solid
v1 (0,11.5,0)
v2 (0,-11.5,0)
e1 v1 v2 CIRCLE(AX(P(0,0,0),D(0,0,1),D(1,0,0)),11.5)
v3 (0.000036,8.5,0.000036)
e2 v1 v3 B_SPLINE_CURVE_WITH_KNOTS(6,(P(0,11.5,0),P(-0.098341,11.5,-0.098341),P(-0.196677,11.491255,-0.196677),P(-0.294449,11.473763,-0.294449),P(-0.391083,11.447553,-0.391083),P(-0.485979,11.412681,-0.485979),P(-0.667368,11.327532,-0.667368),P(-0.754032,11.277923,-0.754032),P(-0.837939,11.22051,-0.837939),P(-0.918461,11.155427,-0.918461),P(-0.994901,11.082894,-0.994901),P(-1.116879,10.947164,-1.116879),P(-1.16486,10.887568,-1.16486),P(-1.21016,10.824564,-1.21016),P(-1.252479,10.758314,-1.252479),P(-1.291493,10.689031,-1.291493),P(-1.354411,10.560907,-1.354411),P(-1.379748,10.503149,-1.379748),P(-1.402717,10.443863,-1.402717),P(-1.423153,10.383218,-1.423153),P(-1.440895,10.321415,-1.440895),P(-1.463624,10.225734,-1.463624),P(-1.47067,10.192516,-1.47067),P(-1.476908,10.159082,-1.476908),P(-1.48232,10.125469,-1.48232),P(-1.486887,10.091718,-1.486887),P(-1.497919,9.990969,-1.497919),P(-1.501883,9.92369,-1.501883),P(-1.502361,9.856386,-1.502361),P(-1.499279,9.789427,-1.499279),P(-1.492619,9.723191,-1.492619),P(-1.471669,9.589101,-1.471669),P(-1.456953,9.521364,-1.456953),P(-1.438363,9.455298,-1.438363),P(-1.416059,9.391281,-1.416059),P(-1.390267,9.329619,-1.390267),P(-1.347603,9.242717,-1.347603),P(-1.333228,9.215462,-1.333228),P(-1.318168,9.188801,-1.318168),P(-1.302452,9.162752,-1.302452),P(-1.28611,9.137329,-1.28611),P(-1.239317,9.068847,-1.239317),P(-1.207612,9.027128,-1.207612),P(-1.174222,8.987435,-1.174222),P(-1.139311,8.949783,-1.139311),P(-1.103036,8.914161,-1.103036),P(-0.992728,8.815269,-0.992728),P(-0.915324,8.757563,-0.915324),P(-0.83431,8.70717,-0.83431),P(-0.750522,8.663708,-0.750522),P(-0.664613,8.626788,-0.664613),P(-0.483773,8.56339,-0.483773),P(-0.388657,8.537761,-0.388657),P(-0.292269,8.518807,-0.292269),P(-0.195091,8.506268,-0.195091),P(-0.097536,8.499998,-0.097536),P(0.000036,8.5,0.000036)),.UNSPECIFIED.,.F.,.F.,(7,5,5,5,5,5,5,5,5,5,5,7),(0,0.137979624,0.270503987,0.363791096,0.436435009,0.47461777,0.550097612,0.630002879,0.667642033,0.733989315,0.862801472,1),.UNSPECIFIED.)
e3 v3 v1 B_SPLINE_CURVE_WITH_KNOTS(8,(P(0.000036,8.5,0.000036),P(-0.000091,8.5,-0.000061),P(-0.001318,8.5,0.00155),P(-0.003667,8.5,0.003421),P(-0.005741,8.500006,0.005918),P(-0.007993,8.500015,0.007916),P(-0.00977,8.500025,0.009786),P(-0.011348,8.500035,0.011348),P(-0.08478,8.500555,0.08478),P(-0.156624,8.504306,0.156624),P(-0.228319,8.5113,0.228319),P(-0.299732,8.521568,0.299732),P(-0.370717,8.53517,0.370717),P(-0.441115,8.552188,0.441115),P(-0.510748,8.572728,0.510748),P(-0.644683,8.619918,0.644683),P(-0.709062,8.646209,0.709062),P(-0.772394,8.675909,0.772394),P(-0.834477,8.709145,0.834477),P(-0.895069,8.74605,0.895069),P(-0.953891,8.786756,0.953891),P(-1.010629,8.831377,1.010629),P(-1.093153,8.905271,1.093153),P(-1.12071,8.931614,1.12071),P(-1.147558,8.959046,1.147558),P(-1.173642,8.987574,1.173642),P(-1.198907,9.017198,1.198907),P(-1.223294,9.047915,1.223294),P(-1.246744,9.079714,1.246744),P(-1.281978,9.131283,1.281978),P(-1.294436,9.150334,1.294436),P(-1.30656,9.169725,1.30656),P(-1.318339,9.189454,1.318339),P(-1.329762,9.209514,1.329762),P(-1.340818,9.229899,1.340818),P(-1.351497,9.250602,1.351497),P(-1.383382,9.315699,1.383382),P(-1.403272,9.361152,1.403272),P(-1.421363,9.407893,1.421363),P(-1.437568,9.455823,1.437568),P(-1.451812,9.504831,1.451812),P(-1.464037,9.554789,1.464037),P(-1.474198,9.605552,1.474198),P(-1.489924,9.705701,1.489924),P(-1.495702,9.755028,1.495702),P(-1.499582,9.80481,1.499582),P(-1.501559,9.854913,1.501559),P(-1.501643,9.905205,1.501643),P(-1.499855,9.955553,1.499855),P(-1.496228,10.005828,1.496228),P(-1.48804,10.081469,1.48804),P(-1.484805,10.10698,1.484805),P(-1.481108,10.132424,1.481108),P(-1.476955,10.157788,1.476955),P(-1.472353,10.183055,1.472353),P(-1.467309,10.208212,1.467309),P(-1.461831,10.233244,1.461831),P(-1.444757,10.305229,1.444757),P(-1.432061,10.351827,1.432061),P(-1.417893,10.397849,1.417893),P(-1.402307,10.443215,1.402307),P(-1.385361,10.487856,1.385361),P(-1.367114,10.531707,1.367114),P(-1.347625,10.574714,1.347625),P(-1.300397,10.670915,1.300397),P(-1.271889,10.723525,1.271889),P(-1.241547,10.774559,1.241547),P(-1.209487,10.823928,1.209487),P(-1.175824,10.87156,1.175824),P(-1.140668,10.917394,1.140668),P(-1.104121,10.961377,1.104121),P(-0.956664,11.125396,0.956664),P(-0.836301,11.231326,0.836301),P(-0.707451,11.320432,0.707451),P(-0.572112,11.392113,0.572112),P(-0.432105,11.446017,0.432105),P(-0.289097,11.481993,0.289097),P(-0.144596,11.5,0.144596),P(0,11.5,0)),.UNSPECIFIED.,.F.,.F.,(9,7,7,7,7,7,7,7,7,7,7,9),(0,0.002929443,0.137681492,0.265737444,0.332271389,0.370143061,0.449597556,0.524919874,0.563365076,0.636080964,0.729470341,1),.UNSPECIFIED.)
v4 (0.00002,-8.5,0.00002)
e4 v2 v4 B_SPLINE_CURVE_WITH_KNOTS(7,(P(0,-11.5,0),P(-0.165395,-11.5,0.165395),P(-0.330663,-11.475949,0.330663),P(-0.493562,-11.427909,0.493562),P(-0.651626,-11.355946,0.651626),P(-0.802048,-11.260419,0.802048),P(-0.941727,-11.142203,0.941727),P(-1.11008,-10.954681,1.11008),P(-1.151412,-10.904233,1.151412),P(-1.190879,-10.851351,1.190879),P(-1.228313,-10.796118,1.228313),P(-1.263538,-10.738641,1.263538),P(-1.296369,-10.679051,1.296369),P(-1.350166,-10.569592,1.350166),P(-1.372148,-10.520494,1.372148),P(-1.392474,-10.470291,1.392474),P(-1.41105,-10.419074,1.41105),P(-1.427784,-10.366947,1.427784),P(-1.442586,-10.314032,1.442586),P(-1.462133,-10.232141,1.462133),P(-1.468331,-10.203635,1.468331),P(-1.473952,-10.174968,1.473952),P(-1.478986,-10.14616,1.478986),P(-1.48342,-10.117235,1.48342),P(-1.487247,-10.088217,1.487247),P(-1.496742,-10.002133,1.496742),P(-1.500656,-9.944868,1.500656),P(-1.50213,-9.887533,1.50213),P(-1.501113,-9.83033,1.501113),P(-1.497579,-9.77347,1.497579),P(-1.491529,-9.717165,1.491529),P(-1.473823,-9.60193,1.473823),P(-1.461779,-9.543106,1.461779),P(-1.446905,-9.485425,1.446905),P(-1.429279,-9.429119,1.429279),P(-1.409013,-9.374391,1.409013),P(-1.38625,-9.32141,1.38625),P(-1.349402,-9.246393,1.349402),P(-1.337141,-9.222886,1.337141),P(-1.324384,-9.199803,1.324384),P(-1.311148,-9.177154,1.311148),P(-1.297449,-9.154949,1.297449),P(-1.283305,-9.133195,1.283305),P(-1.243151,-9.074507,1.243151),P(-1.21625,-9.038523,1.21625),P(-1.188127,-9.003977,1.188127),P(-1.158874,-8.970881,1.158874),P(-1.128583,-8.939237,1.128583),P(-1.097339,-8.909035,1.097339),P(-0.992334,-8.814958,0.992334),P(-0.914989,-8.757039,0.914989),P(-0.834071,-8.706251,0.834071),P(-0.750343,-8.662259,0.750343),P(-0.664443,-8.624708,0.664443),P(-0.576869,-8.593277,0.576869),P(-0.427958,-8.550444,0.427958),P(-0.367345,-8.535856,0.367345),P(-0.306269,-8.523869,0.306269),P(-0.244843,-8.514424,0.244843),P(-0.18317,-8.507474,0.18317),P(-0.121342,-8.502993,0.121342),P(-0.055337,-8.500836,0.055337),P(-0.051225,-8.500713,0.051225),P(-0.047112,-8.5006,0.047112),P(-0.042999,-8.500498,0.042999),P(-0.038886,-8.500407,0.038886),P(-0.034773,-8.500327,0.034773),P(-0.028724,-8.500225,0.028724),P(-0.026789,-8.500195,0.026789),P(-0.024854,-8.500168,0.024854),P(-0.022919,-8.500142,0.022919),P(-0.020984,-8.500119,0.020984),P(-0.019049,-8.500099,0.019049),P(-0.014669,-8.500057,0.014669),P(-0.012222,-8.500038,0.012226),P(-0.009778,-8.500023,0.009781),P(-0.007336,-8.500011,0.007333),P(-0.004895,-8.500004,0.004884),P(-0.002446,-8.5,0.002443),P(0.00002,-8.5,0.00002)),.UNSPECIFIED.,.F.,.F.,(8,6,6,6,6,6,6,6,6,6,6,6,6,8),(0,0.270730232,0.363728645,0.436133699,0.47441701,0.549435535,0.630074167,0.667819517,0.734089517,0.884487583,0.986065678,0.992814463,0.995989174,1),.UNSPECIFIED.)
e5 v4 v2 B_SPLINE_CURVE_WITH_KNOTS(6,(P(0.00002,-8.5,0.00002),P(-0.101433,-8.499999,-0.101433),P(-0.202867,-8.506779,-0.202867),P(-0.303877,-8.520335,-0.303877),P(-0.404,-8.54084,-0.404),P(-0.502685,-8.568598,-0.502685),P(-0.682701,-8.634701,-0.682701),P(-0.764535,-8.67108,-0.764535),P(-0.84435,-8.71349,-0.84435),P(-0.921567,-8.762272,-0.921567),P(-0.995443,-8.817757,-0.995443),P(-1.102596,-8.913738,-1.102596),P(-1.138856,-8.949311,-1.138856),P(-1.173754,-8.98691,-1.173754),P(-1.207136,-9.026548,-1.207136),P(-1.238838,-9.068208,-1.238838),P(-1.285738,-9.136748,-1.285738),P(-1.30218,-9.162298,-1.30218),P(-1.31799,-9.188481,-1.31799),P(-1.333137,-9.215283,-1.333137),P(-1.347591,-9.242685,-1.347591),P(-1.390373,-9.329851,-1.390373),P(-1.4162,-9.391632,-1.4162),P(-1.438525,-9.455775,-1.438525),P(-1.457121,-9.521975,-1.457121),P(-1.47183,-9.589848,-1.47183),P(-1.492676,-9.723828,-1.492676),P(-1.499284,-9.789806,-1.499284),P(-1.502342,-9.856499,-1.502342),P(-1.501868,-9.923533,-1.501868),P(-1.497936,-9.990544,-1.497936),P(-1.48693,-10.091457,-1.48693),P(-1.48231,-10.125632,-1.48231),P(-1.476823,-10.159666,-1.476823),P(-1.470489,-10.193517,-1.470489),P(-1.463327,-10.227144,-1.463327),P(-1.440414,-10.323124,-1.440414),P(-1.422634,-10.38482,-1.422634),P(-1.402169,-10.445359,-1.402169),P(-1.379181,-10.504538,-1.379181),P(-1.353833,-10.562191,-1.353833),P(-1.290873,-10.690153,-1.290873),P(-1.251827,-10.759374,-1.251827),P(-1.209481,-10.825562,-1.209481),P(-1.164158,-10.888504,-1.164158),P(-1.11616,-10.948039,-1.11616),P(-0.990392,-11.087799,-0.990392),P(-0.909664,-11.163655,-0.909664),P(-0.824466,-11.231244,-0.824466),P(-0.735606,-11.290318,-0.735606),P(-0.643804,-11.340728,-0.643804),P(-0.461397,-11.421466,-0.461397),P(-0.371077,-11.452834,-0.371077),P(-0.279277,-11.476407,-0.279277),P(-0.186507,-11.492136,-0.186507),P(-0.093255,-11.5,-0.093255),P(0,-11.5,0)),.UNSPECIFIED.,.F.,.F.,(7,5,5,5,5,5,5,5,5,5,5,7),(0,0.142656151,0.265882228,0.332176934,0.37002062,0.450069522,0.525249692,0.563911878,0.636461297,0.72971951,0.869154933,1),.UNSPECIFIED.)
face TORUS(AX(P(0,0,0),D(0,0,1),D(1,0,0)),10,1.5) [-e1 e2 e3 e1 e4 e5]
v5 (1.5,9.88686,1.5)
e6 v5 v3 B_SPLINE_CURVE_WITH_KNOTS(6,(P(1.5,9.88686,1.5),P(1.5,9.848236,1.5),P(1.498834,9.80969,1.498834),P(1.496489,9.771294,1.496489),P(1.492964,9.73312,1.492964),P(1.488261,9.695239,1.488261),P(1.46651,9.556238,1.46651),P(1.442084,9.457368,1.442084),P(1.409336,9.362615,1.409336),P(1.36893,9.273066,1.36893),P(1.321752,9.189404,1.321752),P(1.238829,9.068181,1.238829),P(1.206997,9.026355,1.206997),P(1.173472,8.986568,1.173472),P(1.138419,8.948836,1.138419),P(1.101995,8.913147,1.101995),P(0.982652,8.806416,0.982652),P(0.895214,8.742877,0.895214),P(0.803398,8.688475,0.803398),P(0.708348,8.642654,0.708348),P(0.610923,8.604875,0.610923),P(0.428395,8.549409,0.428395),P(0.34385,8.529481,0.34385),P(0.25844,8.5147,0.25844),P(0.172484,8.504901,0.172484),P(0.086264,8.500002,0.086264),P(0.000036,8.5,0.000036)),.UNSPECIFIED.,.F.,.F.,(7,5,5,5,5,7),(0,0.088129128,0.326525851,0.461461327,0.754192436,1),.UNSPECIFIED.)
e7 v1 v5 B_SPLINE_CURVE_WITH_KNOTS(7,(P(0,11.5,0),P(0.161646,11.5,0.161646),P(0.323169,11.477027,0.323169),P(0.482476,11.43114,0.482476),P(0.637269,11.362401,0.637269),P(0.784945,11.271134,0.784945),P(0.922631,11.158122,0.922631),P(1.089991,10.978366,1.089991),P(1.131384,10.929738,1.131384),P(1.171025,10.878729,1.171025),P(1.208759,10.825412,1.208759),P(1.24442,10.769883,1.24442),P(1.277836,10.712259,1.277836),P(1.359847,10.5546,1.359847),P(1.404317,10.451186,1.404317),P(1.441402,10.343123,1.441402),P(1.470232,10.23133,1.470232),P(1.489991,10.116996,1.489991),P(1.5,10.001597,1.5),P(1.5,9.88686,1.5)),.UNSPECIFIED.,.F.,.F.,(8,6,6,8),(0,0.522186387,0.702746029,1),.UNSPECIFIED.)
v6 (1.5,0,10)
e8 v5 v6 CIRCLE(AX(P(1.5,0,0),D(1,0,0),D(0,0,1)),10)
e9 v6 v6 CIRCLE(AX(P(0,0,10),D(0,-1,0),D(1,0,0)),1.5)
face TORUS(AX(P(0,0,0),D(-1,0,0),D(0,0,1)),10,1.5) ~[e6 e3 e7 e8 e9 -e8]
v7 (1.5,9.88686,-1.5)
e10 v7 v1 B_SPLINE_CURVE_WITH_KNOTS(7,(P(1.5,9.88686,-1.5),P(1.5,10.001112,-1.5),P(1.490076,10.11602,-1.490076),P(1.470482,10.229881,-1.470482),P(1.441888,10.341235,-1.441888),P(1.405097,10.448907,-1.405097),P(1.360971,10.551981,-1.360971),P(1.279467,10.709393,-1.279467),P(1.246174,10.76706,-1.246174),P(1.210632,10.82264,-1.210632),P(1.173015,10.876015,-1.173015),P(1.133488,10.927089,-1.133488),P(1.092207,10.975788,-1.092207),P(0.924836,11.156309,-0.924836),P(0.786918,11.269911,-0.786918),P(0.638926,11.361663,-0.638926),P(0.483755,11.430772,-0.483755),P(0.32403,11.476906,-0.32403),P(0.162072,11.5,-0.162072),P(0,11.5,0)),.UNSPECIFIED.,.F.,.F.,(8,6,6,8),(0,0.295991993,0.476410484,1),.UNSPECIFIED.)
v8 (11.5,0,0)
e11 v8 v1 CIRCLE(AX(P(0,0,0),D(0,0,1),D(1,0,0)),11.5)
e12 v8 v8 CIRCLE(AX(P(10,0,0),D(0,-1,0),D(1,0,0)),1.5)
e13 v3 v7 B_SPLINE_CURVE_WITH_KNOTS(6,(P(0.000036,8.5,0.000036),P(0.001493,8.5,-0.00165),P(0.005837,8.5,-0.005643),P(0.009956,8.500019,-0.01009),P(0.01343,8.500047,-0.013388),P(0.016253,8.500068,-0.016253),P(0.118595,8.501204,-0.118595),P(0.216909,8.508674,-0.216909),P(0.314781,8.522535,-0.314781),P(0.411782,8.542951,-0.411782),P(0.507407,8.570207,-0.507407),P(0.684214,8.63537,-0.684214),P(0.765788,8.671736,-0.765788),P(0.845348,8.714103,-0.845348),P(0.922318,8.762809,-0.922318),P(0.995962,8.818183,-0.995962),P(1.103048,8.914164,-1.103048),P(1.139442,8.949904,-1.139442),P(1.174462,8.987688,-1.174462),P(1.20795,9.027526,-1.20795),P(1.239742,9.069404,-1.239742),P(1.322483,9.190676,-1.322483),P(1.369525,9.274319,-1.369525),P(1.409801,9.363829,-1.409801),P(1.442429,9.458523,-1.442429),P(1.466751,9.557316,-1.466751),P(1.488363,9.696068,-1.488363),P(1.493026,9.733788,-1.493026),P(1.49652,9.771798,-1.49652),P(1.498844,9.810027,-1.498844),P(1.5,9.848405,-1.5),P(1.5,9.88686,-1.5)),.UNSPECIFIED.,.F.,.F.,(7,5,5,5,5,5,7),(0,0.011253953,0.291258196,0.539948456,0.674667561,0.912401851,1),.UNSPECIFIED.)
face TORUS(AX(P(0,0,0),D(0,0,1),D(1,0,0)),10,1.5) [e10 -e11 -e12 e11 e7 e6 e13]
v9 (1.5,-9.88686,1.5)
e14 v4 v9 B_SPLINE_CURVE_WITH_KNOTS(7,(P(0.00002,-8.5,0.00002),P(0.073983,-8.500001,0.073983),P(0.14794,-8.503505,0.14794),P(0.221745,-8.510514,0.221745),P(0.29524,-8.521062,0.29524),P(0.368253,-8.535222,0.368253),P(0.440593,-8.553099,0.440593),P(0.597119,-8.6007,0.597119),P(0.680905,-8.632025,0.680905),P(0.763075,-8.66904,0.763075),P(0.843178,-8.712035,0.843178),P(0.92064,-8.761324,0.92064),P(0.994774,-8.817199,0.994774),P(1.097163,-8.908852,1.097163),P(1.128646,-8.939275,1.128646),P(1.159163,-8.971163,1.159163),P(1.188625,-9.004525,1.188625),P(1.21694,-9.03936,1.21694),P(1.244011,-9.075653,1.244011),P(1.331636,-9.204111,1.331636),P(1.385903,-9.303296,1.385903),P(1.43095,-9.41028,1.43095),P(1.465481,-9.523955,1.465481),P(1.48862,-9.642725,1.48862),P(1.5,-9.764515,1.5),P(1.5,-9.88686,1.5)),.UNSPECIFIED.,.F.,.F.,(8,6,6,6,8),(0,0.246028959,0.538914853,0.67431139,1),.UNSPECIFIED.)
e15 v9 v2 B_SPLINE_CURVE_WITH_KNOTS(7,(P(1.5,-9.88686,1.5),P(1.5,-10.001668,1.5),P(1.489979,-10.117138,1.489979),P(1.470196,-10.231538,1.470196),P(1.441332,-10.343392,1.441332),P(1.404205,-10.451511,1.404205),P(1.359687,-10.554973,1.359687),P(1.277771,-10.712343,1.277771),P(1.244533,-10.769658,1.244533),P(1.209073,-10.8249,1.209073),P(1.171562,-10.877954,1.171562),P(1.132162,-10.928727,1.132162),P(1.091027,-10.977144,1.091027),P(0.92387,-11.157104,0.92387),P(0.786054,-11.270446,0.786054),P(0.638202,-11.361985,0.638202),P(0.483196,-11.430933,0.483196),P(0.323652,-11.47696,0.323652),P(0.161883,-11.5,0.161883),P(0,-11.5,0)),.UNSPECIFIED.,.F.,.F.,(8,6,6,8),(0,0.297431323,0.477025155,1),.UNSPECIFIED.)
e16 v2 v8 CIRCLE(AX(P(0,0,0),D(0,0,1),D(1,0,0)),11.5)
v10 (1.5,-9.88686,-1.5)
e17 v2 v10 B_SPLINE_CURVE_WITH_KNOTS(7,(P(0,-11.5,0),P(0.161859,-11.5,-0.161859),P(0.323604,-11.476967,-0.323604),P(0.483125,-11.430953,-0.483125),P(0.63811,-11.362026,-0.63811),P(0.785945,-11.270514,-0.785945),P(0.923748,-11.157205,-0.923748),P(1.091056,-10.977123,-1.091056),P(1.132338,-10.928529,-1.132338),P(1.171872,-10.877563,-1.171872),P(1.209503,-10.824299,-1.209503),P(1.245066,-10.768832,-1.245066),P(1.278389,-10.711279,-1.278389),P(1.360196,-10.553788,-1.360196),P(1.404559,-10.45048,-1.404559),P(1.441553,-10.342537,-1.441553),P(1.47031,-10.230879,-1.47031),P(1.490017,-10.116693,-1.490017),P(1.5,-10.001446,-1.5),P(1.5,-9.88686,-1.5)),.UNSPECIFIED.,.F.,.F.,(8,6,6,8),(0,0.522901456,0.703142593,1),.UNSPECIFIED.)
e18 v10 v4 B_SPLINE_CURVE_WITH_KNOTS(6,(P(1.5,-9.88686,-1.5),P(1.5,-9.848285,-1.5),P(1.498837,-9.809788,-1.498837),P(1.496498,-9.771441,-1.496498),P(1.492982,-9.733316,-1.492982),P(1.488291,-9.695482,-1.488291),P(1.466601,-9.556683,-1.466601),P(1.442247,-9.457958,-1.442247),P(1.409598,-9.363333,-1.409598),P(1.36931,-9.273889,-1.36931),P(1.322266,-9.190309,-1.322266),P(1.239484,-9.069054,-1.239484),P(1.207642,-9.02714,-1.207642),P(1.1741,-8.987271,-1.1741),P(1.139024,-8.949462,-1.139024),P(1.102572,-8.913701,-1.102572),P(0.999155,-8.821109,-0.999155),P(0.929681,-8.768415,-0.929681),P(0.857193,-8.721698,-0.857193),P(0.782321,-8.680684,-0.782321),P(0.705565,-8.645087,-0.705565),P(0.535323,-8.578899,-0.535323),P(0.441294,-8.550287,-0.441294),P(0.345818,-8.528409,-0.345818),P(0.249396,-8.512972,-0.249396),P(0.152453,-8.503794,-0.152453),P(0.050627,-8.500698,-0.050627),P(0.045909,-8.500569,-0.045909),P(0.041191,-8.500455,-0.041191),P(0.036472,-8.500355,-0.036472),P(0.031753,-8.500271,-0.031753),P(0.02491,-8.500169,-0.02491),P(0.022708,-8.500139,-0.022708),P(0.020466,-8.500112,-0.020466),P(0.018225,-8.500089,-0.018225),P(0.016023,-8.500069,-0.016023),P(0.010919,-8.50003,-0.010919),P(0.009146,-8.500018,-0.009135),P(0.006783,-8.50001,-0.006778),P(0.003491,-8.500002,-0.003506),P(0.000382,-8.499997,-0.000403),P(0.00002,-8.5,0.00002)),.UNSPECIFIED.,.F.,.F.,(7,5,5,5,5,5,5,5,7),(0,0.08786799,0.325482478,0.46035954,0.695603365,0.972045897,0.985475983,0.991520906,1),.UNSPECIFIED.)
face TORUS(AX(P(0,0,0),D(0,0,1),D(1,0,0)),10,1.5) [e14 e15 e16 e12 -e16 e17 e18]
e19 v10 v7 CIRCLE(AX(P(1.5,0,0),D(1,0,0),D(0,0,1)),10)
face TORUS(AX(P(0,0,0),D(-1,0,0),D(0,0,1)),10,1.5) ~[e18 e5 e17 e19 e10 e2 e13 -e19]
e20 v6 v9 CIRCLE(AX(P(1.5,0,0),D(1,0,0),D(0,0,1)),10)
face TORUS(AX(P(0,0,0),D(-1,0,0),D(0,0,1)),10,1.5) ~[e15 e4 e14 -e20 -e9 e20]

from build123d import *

# Parameters (mm, degrees)
F0_R = 1.5


with BuildPart() as f1:
    # F0 (on Front) → F1 (revolve)
    with BuildSketch(Plane.XZ):
        with Locations((0, 10)):
            Circle(F0_R)
    revolve(axis=Axis((5, 0, 0), (1, 0, 0)))

    # F0 (on Front) → F2 (revolve)
    with BuildSketch(Plane.XZ):
        with Locations((10, 0)):
            Circle(F0_R)
    revolve(axis=Axis((0, 0, 5), (0, 0, 1)))


solid = f1.part
